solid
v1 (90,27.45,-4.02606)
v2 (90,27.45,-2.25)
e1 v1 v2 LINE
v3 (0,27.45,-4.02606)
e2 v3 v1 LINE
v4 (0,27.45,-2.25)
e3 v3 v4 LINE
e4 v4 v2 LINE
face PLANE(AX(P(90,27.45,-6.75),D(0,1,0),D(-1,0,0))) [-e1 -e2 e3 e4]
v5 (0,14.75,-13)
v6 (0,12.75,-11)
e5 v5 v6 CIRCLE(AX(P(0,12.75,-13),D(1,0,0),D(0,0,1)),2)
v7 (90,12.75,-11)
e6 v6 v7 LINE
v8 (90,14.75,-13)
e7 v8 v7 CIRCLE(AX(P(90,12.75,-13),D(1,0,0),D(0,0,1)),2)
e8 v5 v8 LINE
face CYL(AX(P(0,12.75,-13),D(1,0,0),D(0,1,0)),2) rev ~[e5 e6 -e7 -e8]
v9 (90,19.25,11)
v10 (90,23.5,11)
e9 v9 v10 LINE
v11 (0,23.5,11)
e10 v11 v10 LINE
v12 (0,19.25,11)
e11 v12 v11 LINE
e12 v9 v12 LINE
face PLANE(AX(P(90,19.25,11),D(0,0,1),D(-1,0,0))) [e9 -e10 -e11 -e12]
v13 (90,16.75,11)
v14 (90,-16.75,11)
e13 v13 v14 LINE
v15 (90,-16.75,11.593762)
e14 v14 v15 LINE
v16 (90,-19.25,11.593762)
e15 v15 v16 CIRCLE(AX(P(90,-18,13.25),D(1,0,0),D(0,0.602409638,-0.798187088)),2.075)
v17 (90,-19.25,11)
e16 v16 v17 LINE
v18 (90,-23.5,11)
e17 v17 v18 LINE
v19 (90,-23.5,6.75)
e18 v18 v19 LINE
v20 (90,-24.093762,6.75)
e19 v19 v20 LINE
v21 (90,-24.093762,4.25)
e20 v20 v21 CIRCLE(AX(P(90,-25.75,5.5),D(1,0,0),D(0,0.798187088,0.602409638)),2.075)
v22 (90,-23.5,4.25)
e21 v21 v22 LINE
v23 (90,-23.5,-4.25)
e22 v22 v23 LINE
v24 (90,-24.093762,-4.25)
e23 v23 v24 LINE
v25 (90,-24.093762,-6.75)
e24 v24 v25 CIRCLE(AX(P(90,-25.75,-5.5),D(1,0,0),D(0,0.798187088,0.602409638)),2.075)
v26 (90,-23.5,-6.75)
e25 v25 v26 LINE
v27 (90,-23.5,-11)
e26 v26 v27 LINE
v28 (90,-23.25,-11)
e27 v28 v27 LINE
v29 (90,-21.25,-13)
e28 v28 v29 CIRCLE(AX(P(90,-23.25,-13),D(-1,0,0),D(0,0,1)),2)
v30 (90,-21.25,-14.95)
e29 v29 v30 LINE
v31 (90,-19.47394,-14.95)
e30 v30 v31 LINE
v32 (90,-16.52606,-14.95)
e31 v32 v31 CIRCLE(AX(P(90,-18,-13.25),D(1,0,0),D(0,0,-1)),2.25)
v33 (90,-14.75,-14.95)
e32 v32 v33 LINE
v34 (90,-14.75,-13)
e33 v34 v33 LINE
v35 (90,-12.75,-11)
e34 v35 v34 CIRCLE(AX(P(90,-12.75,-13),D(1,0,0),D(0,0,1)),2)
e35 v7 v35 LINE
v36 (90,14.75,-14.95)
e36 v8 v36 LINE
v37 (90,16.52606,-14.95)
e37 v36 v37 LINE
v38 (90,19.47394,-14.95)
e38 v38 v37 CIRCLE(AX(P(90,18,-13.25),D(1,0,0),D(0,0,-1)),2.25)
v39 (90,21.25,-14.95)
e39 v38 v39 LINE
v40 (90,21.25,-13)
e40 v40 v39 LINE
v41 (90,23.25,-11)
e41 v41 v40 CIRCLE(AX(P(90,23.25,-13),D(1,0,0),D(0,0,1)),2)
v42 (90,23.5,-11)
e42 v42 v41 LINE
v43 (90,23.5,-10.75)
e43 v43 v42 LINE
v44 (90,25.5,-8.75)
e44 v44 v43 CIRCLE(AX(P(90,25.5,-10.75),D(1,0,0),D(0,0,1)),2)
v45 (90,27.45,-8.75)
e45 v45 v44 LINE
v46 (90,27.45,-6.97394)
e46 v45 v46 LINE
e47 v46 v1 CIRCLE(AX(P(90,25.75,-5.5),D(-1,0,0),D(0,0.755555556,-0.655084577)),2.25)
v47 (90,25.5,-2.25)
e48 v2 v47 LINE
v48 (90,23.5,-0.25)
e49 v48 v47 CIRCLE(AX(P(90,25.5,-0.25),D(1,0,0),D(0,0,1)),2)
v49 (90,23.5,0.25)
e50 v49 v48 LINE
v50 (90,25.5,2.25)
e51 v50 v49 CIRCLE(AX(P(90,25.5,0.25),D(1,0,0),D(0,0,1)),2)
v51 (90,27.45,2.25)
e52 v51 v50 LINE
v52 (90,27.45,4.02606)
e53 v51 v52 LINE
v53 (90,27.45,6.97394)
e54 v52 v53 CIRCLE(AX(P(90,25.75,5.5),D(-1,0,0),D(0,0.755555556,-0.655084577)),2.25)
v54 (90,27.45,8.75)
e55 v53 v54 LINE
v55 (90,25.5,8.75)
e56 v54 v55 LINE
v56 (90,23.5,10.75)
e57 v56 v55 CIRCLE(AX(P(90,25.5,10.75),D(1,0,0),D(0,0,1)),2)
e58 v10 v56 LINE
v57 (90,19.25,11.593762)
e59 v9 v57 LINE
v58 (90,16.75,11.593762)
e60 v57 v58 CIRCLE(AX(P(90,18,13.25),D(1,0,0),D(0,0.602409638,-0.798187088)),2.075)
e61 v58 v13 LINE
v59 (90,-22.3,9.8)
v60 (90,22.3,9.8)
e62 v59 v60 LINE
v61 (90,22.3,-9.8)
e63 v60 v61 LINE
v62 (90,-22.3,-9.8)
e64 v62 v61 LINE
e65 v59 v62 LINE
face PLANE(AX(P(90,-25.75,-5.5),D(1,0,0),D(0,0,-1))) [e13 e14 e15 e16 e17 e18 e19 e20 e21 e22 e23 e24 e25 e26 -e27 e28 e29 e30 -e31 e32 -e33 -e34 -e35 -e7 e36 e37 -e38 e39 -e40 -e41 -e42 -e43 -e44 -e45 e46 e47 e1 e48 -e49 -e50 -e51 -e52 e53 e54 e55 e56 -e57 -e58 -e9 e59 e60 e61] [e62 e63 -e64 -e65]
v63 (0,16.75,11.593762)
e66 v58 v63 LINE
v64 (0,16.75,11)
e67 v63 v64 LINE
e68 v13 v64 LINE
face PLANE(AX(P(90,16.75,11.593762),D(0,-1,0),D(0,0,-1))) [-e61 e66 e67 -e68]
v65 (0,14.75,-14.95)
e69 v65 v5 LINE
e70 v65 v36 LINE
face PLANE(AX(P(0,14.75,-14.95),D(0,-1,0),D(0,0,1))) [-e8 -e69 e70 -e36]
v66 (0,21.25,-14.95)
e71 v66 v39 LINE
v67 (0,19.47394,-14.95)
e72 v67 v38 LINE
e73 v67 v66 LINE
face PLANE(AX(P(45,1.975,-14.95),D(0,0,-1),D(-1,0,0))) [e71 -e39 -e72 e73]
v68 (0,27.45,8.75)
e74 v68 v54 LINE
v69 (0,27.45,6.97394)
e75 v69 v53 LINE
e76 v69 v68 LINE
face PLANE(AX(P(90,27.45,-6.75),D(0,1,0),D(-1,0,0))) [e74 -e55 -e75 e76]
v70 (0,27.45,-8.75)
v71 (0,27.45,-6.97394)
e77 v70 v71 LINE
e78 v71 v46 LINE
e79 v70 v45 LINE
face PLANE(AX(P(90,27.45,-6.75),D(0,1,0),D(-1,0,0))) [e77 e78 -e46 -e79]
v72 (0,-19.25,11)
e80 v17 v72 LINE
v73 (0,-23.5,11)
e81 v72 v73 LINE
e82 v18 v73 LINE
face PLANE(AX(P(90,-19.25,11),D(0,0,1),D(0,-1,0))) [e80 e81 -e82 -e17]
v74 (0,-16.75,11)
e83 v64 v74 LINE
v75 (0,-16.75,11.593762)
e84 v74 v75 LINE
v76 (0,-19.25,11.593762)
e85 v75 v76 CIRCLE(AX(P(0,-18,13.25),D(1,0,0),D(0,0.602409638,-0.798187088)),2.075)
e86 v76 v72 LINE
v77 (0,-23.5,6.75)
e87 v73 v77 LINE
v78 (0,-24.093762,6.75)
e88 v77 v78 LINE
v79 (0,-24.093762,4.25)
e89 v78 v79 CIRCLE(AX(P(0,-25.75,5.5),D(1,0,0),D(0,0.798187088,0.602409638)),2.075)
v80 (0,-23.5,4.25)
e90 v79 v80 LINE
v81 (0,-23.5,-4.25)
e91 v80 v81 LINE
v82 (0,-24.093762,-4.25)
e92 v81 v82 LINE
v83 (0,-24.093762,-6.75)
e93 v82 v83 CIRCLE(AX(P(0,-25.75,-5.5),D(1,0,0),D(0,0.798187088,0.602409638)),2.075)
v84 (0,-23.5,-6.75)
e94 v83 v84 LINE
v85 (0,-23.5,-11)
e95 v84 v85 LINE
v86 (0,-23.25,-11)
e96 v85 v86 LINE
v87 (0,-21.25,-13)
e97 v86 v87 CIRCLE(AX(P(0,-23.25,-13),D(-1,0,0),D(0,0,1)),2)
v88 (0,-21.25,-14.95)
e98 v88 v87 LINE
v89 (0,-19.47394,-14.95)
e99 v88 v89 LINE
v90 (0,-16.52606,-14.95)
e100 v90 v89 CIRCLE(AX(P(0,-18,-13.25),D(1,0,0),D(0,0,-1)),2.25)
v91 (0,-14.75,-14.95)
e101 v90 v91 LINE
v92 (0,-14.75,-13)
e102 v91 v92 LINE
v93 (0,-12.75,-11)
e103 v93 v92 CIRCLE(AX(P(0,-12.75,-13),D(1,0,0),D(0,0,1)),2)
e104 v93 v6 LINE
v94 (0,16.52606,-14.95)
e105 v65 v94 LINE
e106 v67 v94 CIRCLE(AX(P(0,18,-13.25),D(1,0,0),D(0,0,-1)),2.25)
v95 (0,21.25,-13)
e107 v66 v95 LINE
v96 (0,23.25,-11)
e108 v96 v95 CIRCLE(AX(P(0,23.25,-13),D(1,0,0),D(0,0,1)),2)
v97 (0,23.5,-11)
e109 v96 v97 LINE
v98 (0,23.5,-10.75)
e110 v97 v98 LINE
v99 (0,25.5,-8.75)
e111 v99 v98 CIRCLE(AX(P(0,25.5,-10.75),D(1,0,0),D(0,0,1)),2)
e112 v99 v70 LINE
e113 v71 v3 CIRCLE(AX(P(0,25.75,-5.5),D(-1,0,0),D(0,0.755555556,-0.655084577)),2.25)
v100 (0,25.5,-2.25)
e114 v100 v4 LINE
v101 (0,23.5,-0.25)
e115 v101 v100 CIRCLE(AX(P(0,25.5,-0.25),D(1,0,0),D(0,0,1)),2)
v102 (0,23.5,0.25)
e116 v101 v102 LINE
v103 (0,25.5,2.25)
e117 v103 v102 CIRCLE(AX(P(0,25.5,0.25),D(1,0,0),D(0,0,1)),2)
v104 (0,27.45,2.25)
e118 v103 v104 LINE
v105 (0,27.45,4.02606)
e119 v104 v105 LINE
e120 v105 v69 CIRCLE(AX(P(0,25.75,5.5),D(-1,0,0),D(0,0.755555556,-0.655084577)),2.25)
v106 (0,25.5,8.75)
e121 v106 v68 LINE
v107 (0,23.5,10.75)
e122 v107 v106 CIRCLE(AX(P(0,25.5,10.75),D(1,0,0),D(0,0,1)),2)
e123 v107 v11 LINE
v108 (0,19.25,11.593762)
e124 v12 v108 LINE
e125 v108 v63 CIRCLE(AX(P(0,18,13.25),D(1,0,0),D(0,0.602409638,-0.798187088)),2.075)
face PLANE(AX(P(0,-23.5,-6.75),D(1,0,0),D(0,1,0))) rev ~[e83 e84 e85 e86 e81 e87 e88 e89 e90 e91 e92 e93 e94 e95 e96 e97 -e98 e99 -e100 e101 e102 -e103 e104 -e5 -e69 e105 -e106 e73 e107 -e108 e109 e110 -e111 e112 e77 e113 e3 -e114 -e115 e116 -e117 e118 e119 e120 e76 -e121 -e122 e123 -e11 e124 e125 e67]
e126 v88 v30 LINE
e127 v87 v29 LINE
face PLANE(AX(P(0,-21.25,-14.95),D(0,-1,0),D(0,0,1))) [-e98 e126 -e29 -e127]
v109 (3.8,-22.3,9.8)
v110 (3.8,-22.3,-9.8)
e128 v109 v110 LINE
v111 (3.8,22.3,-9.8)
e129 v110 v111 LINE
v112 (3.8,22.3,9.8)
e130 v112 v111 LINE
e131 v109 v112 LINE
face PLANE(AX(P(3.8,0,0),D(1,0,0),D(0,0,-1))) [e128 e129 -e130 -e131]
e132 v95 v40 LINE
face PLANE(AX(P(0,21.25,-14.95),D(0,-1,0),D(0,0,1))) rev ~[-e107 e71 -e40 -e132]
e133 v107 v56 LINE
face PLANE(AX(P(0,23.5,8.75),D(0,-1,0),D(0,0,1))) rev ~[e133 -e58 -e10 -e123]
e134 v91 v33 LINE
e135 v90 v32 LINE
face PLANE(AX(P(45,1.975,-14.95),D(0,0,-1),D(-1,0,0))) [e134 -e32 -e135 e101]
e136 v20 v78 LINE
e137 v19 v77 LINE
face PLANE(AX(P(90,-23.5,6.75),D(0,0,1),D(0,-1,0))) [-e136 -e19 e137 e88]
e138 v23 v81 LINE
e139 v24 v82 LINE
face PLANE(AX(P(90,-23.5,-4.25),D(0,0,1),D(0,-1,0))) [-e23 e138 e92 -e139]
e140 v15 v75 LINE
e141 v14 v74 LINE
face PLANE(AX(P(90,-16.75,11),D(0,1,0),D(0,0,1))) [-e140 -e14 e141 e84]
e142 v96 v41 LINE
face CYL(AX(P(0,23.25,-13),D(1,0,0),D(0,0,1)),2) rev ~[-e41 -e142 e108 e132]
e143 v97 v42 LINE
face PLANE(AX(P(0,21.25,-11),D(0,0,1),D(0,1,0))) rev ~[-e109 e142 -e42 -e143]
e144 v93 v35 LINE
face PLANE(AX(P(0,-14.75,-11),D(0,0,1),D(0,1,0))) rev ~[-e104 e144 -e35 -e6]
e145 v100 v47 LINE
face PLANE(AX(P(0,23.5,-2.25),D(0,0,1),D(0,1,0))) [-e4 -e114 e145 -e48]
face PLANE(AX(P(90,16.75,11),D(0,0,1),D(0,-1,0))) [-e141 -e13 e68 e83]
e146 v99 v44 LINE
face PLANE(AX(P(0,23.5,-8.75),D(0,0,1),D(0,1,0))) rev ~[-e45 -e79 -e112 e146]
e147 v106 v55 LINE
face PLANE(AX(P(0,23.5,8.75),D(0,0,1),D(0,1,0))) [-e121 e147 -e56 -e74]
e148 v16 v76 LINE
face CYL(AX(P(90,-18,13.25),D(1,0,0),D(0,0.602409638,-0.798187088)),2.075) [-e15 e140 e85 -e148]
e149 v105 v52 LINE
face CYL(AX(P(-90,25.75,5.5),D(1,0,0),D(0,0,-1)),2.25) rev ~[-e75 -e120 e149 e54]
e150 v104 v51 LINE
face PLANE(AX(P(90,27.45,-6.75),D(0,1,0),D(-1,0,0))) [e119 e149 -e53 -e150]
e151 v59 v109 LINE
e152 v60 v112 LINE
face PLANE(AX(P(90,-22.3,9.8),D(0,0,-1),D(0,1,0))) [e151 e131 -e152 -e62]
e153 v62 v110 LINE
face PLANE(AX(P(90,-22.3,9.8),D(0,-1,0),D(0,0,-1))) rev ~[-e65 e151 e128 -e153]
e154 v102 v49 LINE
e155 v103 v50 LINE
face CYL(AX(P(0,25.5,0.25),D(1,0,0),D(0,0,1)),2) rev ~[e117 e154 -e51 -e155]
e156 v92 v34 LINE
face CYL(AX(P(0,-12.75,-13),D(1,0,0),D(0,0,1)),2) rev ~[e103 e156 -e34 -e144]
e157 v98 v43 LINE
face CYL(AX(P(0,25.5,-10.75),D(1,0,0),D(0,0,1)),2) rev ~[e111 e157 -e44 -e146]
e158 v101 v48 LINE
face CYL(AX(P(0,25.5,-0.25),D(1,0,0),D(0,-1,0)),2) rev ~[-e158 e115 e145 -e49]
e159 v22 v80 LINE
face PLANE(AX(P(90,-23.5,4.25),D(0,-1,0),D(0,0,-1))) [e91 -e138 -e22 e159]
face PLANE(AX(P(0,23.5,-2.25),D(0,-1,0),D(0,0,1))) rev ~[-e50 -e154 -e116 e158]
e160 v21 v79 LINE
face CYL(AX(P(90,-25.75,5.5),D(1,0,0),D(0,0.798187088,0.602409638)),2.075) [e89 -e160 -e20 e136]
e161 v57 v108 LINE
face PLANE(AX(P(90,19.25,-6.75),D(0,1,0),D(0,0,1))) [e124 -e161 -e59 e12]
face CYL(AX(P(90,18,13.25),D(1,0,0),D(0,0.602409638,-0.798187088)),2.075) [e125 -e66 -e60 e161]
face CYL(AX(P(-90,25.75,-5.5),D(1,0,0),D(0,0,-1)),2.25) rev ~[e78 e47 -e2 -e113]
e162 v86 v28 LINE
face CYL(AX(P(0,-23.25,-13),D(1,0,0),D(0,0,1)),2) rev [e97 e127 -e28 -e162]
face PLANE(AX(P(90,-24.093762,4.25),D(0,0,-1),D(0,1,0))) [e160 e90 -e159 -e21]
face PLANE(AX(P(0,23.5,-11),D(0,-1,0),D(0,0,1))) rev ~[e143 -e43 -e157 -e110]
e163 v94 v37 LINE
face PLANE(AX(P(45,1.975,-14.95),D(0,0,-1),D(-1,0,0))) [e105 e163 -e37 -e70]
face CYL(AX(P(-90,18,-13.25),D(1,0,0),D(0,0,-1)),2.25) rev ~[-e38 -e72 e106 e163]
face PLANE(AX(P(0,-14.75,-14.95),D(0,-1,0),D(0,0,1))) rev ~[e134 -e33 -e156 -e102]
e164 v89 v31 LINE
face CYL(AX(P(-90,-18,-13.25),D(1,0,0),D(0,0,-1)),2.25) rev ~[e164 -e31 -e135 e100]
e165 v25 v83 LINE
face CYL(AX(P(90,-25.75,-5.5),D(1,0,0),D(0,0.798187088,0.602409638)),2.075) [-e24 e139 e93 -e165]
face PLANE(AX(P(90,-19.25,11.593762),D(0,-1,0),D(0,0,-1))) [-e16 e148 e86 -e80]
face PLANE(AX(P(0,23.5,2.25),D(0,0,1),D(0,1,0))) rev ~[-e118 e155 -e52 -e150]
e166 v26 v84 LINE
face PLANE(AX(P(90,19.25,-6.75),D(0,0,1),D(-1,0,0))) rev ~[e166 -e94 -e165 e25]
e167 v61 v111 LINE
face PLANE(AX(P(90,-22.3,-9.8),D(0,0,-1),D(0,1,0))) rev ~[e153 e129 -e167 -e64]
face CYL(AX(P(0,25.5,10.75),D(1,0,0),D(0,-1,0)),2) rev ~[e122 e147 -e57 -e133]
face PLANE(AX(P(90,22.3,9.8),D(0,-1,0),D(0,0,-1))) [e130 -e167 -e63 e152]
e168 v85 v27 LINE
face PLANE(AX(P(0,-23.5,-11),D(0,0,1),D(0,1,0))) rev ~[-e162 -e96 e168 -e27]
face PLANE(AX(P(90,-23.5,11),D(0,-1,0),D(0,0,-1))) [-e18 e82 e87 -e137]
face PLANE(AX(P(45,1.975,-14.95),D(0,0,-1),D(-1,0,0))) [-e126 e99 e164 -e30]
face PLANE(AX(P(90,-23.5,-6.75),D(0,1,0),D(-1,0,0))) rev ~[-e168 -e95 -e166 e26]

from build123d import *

# Parameters (mm, degrees)
EXTRUDE_1_DEPTH             = 90
SKETCH_2_W                  = 90
SKETCH_2_H                  = 17.75
EXTRUDE_2_DEPTH             = 8.2
SKETCH_3_W                  = 90
SKETCH_3_H                  = 50.95
EXTRUDE_3_DEPTH             = 8.2
SKETCH_4_W                  = 3.95
SKETCH_4_H                  = 29.5
CUT_EXTRUDE_1_DEPTH         = 91
SKETCH_5_W                  = 3.95
SKETCH_5_H                  = 6.2
CUT_EXTRUDE_2_DEPTH         = 91
SKETCH_6_W                  = 2.25
SKETCH_6_H                  = 3.95
CUT_EXTRUDE_3_DEPTH         = 91
SKETCH_7_W                  = 4.5
SKETCH_7_H                  = 3.95
CUT_EXTRUDE_4_DEPTH         = 91
SKETCH_8_W                  = 2.25
SKETCH_8_H                  = 3.95
CUT_EXTRUDE_5_DEPTH         = 91
SKETCH_9_W                  = 3.95
SKETCH_9_H                  = 2.25
CUT_EXTRUDE_6_DEPTH         = 91
SKETCH_10_W                 = 19.6
SKETCH_10_H                 = 44.6
CUT_EXTRUDE_7_DEPTH         = 86.2
HOLE_WIZARD_2_5_2_5_1_D     = 2.5
HOLE_WIZARD_2_5_2_5_1_DEPTH = 90
HOLE_WIZARD_4_5_4_5_1_D     = 4.5
HOLE_WIZARD_4_5_4_5_1_DEPTH = 90
FILLET_1_R                  = 2
FILLET_2_R                  = 2
SKETCH_17_R                 = 1.25
EXTRUDE_4_DEPTH             = 90


with BuildPart() as part:
    # Эскиз1 → Бобышка-Вытянуть1 (new body)
    with BuildSketch(Plane(origin=(90, 0, 0), x_dir=(0, 0, -1), z_dir=(1, 0, 0))):
        with BuildLine():
            Line((6.75, -24.093761792), (6.75, 19.25))
            Line((6.75, 19.25), (-11.593761792, 19.25))
            ThreePointArc((-11.593761792, 19.25), (-15.325, 18), (-11.593761792, 16.75))
            Line((-11.593761792, 16.75), (-11, 16.75))
            Line((-11, 16.75), (-11, -16.75))
            Line((-11, -16.75), (-11.593761792, -16.75))
            ThreePointArc((-11.593761792, -16.75), (-15.325, -18), (-11.593761792, -19.25))
            Line((-11.593761792, -19.25), (-11, -19.25))
            Line((-11, -19.25), (-11, -23.5))
            Line((-11, -23.5), (-6.75, -23.5))
            Line((-6.75, -23.5), (-6.75, -24.093761792))
            ThreePointArc((-6.75, -24.093761792), (-5.5, -27.825), (-4.25, -24.093761792))
            Line((-4.25, -24.093761792), (-4.25, -23.5))
            Line((-4.25, -23.5), (4.25, -23.5))
            Line((4.25, -23.5), (4.25, -24.093761792))
            ThreePointArc((4.25, -24.093761792), (5.5, -27.825), (6.75, -24.093761792))
        make_face()
    extrude(amount=-EXTRUDE_1_DEPTH)

    # Эскиз2 → Бобышка-Вытянуть2 (add)
    with BuildSketch(Plane(origin=(0, 19.25, 0), x_dir=(-1, 0, 0), z_dir=(0, 1, 0))):
        with Locations((-45, 2.125)):
            Rectangle(SKETCH_2_W, SKETCH_2_H)
    extrude(amount=EXTRUDE_2_DEPTH)

    # Эскиз3 → Бобышка-Вытянуть3 (add)
    with BuildSketch(Plane(origin=(0, 0, -6.75), x_dir=(-1, 0, 0), z_dir=(0, 0, -1))):
        with Locations((-45, 1.975)):
            Rectangle(SKETCH_3_W, SKETCH_3_H)
    extrude(amount=EXTRUDE_3_DEPTH)

    # Эскиз4 → Вырез-Вытянуть1 (cut, through all)
    with BuildSketch(Plane.ZY):
        with Locations((-12.975, 0)):
            Rectangle(SKETCH_4_W, SKETCH_4_H)
    extrude(amount=-CUT_EXTRUDE_1_DEPTH, mode=Mode.SUBTRACT)

    # Эскиз5 → Вырез-Вытянуть2 (cut, through all)
    with BuildSketch(Plane.ZY):
        with Locations((-12.975, 24.35)):
            Rectangle(SKETCH_5_W, SKETCH_5_H)
    extrude(amount=-CUT_EXTRUDE_2_DEPTH, mode=Mode.SUBTRACT)

    # Эскиз6 → Вырез-Вытянуть3 (cut, through all)
    with BuildSketch(Plane.ZY):
        with Locations((-9.875, 25.475)):
            Rectangle(SKETCH_6_W, SKETCH_6_H)
    extrude(amount=-CUT_EXTRUDE_3_DEPTH, mode=Mode.SUBTRACT)

    # Эскиз7 → Вырез-Вытянуть4 (cut, through all)
    with BuildSketch(Plane.ZY):
        with Locations((0, 25.475)):
            Rectangle(SKETCH_7_W, SKETCH_7_H)
    extrude(amount=-CUT_EXTRUDE_4_DEPTH, mode=Mode.SUBTRACT)

    # Эскиз8 → Вырез-Вытянуть5 (cut, through all)
    with BuildSketch(Plane.ZY):
        with Locations((9.875, 25.475)):
            Rectangle(SKETCH_8_W, SKETCH_8_H)
    extrude(amount=-CUT_EXTRUDE_5_DEPTH, mode=Mode.SUBTRACT)

    # Эскиз9 → Вырез-Вытянуть6 (cut, through all)
    with BuildSketch(Plane.ZY):
        with Locations((-12.975, -22.375)):
            Rectangle(SKETCH_9_W, SKETCH_9_H)
    extrude(amount=-CUT_EXTRUDE_6_DEPTH, mode=Mode.SUBTRACT)

    # Эскиз10 → Вырез-Вытянуть7 (cut)
    with BuildSketch(Plane(origin=(90, 0, 0), x_dir=(0, 0, -1), z_dir=(1, 0, 0))):
        Rectangle(SKETCH_10_W, SKETCH_10_H)
    extrude(amount=-CUT_EXTRUDE_7_DEPTH, mode=Mode.SUBTRACT)

    # Диаметр отверстия Ø2.5 (2.5)1
    with Locations(Plane(origin=(90, 0, 0), x_dir=(0, 0, -1), z_dir=(1, 0, 0))):
        with Locations((5.5, -25.75), (-13.25, -18), (-5.5, -25.75), (-13.25, 18)):
            Hole(HOLE_WIZARD_2_5_2_5_1_D / 2, depth=HOLE_WIZARD_2_5_2_5_1_DEPTH)

    # Диаметр отверстия Ø4.5 (4.5)1
    with Locations(Plane.ZY):
        with Locations((-13.25, -18), (-13.25, 18), (-5.5, 25.75), (5.5, 25.75)):
            Hole(HOLE_WIZARD_4_5_4_5_1_D / 2, depth=HOLE_WIZARD_4_5_4_5_1_DEPTH)

    # Скругление1
    fillet_1_edges = [part.edges().sort_by_distance(p)[0] for p in [
        (45, 23.5, 8.75),
    ]]
    fillet(fillet_1_edges, radius=FILLET_1_R)

    # Скругление2
    fillet_2_edges = [part.edges().sort_by_distance(p)[0] for p in [
        (45, 23.5, -8.75),
        (45, 23.5, 2.25),
        (45, 23.5, -2.25),
        (45, -21.25, -11),
        (45, 14.75, -11),
        (45, -14.75, -11),
        (45, 21.25, -11),
    ]]
    fillet(fillet_2_edges, radius=FILLET_2_R)

    # Эскиз17 → Бобышка-Вытянуть4 (add)
    with BuildSketch(Plane(origin=(90, 0, 0), x_dir=(0, 0, -1), z_dir=(1, 0, 0))):
        with Locations((5.5, -25.75)):
            Circle(SKETCH_17_R)
        with Locations((-5.5, -25.75)):
            Circle(SKETCH_17_R)
        with Locations((-13.25, -18)):
            Circle(SKETCH_17_R)
        with Locations((-13.25, 18)):
            Circle(SKETCH_17_R)
    extrude(amount=-EXTRUDE_4_DEPTH)


solid = part.part
